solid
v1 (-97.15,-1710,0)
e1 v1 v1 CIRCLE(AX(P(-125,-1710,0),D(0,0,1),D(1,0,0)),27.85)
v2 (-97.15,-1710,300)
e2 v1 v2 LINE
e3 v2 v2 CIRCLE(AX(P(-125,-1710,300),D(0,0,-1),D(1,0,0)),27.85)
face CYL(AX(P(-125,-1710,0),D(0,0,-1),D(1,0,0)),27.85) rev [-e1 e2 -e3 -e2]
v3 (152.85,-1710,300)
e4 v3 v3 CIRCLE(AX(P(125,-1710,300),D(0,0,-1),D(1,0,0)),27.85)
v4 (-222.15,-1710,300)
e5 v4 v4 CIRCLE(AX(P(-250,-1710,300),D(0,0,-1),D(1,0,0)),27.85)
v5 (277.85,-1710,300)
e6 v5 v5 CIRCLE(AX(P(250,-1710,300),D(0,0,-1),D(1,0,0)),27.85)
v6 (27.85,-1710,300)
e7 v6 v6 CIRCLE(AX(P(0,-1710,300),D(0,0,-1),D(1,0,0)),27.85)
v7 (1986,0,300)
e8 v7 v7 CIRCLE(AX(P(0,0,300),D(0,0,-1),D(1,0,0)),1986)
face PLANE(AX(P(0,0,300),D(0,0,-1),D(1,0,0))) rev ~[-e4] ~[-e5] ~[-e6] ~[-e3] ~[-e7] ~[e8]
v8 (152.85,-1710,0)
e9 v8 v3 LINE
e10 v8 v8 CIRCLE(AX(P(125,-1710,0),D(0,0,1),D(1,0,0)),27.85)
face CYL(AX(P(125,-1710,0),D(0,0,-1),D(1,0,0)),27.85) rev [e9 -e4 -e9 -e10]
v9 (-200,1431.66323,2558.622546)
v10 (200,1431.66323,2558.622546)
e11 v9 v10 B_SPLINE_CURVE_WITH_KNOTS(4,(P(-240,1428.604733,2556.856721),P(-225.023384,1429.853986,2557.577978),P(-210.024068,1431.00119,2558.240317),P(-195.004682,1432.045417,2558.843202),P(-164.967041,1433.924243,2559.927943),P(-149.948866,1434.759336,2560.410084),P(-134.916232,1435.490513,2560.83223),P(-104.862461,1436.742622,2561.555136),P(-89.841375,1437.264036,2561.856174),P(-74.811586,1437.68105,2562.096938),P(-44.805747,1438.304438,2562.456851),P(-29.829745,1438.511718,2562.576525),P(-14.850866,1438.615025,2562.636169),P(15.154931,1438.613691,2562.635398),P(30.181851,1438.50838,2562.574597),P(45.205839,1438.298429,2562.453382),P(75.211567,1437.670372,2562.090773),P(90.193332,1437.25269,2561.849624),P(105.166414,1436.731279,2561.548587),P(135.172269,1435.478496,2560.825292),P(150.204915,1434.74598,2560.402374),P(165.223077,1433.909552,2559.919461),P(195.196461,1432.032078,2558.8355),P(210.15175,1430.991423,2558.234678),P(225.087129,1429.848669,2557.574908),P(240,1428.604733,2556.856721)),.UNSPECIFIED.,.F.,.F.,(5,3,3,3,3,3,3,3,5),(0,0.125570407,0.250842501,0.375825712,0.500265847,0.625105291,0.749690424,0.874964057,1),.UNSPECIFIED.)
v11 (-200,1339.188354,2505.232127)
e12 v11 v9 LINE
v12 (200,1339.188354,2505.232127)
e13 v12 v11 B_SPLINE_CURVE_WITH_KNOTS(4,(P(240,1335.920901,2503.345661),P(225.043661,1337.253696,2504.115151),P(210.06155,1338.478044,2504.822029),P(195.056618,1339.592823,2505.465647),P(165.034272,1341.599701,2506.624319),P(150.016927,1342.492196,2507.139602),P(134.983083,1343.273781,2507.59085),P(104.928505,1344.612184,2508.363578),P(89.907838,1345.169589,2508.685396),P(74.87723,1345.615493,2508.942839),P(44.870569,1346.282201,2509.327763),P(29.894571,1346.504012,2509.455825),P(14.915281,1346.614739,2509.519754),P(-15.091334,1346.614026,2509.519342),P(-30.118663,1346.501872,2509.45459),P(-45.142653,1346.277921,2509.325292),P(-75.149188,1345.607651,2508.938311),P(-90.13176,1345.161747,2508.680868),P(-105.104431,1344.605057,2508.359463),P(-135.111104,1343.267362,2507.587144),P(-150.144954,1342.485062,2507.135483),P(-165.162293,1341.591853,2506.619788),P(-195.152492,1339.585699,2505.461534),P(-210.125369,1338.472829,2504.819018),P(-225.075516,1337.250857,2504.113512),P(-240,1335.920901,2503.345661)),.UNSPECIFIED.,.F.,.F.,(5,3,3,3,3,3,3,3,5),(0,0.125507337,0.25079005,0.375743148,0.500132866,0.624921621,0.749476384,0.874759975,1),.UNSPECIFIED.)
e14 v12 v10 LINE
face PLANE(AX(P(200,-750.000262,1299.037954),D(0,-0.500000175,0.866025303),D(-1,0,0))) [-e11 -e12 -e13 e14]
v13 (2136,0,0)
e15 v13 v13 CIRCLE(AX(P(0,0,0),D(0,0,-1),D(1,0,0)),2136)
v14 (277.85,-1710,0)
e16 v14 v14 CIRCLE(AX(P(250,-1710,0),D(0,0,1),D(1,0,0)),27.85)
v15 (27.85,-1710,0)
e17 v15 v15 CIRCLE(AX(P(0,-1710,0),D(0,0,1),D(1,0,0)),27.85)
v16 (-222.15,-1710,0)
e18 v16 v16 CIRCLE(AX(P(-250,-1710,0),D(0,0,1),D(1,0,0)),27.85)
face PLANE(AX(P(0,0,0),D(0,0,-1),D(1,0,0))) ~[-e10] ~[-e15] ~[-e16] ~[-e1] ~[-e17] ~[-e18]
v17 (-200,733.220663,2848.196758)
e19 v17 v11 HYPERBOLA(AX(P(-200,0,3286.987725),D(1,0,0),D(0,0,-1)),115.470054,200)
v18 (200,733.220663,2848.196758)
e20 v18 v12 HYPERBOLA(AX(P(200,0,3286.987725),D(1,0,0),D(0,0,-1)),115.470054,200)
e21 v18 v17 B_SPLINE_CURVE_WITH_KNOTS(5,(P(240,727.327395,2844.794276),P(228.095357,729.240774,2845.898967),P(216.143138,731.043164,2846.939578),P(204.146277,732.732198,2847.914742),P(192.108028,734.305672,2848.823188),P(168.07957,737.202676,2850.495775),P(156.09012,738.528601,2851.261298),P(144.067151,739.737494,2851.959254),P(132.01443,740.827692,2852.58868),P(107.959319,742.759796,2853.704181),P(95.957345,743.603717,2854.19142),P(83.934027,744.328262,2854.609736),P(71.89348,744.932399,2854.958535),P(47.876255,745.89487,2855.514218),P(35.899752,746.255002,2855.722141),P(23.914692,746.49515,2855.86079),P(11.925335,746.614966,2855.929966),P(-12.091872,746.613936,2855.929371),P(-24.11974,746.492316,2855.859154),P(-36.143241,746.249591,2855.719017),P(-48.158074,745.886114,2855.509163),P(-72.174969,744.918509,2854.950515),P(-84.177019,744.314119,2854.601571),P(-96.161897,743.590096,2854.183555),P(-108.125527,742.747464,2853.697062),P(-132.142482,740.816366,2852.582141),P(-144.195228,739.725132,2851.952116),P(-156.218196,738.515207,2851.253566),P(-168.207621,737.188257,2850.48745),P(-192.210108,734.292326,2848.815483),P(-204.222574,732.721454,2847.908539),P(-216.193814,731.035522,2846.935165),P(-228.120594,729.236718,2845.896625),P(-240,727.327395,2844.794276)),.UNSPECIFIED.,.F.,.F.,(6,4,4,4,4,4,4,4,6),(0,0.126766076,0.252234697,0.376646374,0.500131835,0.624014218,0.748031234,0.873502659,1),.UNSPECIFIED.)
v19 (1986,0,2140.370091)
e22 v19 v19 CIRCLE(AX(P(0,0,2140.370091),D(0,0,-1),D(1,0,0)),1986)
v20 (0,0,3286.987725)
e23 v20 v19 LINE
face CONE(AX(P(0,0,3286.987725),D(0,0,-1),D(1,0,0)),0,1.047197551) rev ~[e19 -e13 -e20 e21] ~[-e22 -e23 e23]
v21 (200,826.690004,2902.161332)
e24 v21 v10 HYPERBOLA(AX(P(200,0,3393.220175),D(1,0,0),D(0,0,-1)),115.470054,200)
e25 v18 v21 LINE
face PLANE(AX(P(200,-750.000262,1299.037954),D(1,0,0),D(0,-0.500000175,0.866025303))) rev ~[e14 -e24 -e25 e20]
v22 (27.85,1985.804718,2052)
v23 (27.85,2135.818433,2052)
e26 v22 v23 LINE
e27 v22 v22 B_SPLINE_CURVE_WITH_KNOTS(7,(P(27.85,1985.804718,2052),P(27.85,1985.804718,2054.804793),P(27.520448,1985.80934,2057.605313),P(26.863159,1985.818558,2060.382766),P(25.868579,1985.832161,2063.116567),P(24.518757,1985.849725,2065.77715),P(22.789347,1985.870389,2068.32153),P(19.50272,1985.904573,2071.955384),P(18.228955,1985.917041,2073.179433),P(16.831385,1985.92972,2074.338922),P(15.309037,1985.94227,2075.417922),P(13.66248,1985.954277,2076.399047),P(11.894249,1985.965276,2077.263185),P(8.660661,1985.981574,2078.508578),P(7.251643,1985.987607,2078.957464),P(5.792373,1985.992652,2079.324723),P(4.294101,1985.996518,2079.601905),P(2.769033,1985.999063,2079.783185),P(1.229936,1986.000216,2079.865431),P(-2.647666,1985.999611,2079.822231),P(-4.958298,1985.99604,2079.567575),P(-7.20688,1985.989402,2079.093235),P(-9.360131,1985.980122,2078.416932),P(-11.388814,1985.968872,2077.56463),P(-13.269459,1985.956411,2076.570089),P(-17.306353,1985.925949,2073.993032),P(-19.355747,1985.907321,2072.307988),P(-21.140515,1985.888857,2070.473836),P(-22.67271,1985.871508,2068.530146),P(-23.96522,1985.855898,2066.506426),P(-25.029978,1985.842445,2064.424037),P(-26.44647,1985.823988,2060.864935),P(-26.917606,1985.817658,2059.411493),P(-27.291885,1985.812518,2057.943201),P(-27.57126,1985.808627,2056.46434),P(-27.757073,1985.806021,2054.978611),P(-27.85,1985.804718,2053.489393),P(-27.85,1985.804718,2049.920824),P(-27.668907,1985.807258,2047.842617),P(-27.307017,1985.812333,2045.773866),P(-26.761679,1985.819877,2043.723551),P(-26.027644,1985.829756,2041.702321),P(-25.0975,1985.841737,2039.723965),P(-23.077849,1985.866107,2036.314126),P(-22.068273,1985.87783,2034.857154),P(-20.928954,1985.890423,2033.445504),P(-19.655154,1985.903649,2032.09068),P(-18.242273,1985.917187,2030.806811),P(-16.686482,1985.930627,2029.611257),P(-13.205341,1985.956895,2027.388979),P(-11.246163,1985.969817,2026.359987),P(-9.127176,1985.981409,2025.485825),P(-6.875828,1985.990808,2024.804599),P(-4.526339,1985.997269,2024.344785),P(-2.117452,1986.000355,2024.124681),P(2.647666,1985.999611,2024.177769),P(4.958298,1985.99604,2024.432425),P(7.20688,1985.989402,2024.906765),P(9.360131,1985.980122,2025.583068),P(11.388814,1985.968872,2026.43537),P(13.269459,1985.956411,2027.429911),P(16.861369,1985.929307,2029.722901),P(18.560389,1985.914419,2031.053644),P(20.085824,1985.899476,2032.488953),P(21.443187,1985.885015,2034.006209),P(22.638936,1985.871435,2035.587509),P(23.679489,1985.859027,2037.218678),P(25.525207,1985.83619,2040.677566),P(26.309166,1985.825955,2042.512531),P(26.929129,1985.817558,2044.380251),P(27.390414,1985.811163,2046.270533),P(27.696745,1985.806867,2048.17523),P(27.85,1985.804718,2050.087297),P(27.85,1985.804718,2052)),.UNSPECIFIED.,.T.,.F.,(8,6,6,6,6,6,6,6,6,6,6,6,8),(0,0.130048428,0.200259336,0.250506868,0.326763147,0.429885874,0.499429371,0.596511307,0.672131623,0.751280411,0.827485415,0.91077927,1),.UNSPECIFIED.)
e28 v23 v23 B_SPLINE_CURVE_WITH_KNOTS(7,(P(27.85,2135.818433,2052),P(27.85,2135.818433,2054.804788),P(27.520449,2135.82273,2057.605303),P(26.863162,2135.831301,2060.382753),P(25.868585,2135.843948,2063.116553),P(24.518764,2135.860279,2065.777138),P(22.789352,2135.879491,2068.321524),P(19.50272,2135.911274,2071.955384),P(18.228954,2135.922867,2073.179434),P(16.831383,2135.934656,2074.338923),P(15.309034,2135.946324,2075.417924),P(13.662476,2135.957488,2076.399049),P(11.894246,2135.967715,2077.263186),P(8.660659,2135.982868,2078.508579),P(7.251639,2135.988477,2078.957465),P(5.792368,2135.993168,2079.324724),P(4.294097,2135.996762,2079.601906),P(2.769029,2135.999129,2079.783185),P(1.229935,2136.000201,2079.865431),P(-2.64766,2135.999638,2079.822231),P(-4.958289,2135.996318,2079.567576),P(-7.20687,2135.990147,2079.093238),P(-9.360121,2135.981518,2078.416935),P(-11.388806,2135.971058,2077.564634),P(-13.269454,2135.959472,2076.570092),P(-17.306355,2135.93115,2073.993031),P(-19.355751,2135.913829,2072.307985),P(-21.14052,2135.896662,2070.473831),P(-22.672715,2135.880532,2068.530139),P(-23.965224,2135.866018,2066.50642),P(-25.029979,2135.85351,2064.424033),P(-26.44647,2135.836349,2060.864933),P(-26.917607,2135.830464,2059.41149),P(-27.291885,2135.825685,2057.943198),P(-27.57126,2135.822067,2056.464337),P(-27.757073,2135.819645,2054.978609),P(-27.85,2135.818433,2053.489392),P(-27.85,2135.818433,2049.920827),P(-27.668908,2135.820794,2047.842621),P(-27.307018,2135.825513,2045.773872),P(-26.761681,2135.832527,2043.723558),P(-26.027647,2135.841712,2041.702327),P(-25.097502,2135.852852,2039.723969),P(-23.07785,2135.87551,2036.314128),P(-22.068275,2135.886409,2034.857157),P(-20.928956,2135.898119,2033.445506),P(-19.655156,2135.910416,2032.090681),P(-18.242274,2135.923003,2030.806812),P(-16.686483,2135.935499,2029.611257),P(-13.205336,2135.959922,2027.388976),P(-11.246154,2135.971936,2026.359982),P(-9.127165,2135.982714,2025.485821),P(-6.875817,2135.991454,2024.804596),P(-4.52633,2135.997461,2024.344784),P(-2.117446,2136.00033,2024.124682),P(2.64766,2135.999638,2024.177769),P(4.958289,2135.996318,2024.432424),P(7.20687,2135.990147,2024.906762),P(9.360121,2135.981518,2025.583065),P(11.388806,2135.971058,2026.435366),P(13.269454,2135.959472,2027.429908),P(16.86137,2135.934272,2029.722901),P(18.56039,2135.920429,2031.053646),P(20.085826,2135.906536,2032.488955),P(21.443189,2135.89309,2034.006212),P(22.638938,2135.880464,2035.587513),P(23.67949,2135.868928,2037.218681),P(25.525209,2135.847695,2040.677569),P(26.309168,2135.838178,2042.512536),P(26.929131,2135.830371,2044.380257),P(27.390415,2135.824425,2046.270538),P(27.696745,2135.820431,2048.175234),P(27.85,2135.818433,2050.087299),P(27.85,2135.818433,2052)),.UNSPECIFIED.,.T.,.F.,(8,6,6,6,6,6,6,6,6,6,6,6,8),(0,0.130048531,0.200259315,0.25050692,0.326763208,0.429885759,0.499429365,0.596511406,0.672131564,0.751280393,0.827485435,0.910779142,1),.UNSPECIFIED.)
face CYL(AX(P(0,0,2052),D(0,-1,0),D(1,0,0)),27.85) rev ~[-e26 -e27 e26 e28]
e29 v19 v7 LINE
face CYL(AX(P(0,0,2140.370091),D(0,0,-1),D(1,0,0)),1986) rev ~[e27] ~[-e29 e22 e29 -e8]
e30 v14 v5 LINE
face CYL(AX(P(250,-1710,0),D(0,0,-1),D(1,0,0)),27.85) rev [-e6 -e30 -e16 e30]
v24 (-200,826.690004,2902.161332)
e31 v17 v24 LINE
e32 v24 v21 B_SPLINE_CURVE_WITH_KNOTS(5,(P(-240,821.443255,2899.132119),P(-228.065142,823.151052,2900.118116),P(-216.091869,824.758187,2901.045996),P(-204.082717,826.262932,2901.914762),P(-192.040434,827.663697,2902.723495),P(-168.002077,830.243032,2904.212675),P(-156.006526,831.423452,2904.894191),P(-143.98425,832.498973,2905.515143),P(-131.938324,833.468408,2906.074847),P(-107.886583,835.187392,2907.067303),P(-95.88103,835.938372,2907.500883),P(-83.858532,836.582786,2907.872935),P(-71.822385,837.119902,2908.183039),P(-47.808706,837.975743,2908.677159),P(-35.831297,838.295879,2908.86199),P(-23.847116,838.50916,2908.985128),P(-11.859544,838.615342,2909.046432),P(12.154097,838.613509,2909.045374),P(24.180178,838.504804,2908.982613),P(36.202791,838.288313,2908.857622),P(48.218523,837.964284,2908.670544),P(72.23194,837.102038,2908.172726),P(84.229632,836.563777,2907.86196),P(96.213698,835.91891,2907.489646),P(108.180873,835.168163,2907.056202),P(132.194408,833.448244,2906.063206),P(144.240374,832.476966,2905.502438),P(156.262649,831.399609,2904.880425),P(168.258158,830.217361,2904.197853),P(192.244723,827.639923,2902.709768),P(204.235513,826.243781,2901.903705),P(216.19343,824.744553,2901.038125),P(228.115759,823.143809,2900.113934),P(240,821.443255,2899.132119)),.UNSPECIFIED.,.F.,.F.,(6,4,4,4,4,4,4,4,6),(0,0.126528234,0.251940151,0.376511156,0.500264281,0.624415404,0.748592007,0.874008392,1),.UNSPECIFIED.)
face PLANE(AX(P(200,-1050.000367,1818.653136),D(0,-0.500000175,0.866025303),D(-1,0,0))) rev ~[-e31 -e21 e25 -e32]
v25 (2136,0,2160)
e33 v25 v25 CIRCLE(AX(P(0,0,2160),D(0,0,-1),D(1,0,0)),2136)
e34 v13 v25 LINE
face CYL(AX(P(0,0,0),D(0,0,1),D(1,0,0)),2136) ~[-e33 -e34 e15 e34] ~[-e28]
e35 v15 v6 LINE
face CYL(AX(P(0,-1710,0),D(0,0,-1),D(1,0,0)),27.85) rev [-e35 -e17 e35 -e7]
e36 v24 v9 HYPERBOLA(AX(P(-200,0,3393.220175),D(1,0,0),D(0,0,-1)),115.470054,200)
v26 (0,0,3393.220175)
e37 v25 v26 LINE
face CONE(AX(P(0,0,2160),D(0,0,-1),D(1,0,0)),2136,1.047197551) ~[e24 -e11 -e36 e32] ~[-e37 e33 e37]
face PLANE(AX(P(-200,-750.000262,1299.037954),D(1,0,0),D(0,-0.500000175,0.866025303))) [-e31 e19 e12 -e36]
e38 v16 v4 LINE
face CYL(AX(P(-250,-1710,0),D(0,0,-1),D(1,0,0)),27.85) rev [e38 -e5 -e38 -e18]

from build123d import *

# Parameters (mm, degrees)
F2_W     = 400
F2_H     = 600
F5_DEPTH = 30000
F3_R     = 27.85
F6_DEPTH = 500
F7_R     = 27.85
F8_DEPTH = 2136.001


with BuildPart() as f4:
    # F0 (on Front) → F4 (revolve)
    with BuildSketch(Plane.XZ):
        Polygon((0, 300), (0, 0), (2136, 0), (2136, 2160), (0, 3393.220175), (0, 3286.987725), (1986, 2140.370091), (1986, 300), align=None)
    revolve(axis=Axis((0, 0, 150), (0, 0, -1)))

    # F2 (on face) → F5 (cut)
    with BuildSketch(Plane(origin=(0, 0, 0), x_dir=(-1, 0, 0), z_dir=(0, 0.866025, 0.5))):
        with Locations((0, 1800)):
            Rectangle(F2_W, F2_H)
    extrude(amount=F5_DEPTH, mode=Mode.SUBTRACT)

    # F3 (on Top) → F6 (cut)
    with BuildSketch(Plane.XY):
        with Locations((125, -1710)):
            Circle(F3_R)
        with Locations((0, -1710)):
            Circle(F3_R)
        with Locations((-125, -1710)):
            Circle(F3_R)
        with Locations((-250, -1710)):
            Circle(F3_R)
        with Locations((250, -1710)):
            Circle(F3_R)
    extrude(amount=F6_DEPTH, mode=Mode.SUBTRACT)

    # F7 (on Front) → F8 (cut, through all)
    with BuildSketch(Plane.XZ):
        with Locations((0, 2052)):
            Circle(F7_R)
    extrude(amount=-F8_DEPTH, mode=Mode.SUBTRACT)


solid = f4.part
